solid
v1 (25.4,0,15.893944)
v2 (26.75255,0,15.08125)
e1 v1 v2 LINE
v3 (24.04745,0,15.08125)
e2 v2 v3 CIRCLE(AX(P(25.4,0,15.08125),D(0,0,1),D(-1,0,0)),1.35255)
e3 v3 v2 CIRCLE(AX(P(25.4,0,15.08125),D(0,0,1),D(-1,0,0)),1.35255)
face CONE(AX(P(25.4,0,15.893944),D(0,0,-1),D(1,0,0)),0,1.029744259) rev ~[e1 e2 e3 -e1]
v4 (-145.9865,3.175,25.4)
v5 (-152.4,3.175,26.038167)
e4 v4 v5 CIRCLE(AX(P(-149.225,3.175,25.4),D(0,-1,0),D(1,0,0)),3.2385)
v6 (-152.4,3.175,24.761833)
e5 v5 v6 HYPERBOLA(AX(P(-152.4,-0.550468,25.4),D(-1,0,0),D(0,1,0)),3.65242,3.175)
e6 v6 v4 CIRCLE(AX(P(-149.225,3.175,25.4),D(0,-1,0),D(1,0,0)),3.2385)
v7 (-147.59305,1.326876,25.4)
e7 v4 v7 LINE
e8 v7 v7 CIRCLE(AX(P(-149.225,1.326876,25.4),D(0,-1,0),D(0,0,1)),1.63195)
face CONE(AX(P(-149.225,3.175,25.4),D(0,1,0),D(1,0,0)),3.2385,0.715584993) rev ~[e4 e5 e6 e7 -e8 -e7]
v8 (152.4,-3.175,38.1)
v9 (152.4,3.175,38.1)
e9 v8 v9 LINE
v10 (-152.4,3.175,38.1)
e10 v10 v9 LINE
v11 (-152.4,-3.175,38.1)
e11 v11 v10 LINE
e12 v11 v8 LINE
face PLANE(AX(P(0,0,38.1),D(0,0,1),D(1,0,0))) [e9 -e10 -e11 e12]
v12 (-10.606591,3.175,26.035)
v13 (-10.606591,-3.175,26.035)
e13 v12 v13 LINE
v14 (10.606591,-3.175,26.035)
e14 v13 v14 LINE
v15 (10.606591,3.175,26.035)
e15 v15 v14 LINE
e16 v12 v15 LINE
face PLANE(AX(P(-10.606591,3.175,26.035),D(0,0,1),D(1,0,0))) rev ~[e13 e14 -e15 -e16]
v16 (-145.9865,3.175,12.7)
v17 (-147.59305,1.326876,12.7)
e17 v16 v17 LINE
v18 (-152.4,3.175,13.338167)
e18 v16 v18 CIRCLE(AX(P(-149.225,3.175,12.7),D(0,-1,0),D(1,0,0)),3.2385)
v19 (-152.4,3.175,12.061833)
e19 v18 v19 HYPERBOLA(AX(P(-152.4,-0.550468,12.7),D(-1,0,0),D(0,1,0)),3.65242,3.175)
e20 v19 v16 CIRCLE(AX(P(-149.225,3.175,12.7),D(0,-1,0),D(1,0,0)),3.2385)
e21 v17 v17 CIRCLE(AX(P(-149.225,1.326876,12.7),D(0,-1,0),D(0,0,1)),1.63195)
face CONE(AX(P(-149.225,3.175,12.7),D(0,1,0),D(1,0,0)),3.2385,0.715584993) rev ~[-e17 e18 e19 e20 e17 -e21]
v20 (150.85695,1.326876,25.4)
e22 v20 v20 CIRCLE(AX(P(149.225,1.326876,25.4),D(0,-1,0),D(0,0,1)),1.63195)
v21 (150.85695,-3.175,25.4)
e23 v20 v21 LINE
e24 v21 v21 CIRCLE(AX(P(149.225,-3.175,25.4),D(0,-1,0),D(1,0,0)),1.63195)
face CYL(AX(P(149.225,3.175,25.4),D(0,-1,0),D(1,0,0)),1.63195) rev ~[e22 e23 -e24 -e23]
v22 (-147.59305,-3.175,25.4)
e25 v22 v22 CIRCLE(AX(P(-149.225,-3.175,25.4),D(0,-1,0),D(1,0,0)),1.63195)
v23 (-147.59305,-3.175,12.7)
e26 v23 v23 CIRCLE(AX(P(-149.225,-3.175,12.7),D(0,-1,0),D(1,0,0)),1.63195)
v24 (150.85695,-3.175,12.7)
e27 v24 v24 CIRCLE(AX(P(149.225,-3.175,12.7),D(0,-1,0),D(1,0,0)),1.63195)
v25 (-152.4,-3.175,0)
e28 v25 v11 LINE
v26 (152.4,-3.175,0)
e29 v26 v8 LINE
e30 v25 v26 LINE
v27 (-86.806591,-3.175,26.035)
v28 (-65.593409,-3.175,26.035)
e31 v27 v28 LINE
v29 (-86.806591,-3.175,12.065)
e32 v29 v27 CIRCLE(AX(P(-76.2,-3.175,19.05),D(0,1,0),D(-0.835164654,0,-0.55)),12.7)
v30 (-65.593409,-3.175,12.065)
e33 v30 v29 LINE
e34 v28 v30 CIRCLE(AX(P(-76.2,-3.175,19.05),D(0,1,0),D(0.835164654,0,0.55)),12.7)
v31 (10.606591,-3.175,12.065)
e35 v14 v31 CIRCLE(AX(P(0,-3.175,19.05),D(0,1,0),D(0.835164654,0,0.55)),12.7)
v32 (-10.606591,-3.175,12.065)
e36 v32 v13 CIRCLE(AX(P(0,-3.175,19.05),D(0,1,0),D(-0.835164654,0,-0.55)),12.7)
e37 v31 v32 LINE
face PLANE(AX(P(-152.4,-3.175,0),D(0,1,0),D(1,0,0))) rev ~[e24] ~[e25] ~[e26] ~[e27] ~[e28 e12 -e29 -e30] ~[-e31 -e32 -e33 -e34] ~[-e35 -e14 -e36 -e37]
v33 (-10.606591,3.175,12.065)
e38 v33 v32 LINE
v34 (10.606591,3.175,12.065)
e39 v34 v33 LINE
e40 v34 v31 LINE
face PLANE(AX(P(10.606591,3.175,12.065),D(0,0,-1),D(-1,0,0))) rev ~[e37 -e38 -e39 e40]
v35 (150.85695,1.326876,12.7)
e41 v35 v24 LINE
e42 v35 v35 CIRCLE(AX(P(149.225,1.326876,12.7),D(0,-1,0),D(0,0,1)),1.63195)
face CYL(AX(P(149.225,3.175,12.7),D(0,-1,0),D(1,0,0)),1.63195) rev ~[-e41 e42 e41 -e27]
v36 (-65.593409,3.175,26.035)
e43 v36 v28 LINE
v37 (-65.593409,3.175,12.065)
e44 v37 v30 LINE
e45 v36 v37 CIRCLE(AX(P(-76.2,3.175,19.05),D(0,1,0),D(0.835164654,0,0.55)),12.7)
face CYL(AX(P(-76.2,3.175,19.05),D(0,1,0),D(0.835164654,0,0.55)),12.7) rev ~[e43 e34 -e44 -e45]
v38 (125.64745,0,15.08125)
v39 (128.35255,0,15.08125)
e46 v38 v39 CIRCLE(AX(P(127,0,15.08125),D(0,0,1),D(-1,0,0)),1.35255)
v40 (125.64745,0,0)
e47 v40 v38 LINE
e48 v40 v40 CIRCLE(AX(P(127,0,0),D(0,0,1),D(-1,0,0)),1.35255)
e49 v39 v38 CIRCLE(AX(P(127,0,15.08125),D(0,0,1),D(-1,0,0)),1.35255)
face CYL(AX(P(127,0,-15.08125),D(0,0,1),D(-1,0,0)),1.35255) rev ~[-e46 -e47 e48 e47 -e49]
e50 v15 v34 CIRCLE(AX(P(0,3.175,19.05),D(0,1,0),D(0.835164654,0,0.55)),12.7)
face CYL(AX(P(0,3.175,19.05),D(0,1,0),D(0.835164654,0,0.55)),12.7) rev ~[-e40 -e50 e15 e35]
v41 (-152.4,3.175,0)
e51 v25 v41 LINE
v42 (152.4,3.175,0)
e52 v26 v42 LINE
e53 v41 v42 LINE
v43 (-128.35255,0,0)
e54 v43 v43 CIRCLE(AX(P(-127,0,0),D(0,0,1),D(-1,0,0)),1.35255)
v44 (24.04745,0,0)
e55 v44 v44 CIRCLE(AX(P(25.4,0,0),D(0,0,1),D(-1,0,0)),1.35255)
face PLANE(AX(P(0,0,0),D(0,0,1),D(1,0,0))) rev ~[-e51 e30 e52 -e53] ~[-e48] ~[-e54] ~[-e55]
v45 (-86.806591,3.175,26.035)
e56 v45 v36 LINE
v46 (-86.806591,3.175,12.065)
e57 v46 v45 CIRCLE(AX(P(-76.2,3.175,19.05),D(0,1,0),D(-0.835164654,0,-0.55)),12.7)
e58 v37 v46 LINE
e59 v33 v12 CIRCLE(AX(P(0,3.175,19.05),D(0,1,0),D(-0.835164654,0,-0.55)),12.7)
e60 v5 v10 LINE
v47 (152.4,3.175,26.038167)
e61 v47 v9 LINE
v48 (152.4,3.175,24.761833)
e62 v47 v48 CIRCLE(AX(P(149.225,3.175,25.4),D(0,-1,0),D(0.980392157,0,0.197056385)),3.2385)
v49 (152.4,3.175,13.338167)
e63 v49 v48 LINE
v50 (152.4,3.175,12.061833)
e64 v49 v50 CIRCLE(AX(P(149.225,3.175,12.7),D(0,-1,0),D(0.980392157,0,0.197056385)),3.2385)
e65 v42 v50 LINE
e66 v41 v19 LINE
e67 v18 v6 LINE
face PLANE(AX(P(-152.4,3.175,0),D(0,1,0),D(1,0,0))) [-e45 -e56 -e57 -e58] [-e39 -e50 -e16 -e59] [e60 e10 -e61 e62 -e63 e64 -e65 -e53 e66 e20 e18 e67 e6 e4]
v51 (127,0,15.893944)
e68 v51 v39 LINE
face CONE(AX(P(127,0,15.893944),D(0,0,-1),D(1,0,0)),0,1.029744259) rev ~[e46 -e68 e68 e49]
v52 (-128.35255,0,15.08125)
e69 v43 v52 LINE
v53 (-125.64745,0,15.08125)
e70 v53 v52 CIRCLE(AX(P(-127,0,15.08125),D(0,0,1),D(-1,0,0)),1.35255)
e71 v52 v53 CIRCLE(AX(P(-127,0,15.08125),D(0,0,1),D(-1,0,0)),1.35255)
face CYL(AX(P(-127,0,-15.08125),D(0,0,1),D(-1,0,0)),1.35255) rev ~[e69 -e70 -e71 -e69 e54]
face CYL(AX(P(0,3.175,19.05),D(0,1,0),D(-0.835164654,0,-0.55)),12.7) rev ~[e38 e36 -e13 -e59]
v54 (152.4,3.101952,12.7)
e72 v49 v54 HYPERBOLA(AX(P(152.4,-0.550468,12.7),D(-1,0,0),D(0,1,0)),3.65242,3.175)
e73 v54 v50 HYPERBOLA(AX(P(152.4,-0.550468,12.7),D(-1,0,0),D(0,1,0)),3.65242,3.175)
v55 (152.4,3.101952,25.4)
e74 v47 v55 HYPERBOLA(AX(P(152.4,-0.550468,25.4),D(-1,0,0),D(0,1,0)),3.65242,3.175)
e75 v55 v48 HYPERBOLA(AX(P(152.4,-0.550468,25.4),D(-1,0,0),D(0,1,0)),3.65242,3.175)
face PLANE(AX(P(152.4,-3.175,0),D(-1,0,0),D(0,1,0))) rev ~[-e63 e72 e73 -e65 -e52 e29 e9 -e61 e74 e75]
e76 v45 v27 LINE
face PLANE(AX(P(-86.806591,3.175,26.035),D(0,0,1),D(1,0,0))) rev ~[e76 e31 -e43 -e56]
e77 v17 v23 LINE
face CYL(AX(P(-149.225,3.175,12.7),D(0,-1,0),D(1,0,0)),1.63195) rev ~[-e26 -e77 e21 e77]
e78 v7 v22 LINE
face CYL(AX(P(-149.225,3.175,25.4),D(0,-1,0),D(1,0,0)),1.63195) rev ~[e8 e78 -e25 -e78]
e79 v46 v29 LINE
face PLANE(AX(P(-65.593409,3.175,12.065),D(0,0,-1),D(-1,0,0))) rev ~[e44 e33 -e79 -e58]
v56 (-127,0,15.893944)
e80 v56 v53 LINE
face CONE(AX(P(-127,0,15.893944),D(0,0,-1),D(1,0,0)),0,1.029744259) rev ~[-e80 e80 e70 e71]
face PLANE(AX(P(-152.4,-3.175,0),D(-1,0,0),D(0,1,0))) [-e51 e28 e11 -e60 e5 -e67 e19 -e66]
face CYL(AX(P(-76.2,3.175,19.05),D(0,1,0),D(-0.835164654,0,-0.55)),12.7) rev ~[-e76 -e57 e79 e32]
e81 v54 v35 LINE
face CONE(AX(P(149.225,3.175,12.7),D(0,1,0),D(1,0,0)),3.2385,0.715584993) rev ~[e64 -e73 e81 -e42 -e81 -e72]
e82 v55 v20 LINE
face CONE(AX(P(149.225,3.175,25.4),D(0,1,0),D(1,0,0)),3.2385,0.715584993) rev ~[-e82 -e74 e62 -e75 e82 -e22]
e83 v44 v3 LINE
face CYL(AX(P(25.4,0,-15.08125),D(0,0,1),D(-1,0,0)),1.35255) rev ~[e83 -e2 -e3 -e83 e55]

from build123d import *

# Parameters (mm, degrees)
F0_W           = 304.8
F0_H           = 6.35
F1_DEPTH       = 38.1
F3_D           = 2.7051
F3_DEPTH       = 15.08125
F3_TIP         = 0.8126940303
F5_D           = 3.2639
F5_CSINK_D     = 6.477
F5_CSINK_ANGLE = 82
F7_DEPTH       = 25.4


with BuildPart() as f1:
    # F0 (on Top) → F1 (new body)
    with BuildSketch(Plane.XY):
        Rectangle(F0_W, F0_H)
    extrude(amount=F1_DEPTH)

    # F3
    with Locations(Plane(origin=(0, 0, 0), x_dir=(1, 0, 0), z_dir=(0, 0, -1))):
        with Locations((-127, 0), (127, 0), (25.4, 0)):
            Hole(F3_D / 2, depth=F3_DEPTH)
            with Locations((0, 0, -(F3_DEPTH + F3_TIP / 2))):  # 118° drill point
                Cone(0, F3_D / 2, F3_TIP, mode=Mode.SUBTRACT)

    # F5 (through all)
    with Locations(Plane(origin=(0, 3.175, 0), x_dir=(-1, 0, 0), z_dir=(0, 1, 0))):
        with Locations((-149.225, 25.4), (-149.225, 12.7), (149.225, 25.4), (149.225, 12.7)):
            CounterSinkHole(F5_D / 2, F5_CSINK_D / 2, counter_sink_angle=F5_CSINK_ANGLE)

    # F6 (on face) → F7 (cut)
    with BuildSketch(Plane(origin=(0, 3.175, 0), x_dir=(-1, 0, 0), z_dir=(0, 1, 0))):
        with BuildLine():
            Line((10.6065911112, 26.035), (-10.6065911112, 26.035))
            ThreePointArc((-10.6065911112, 26.035), (-12.7, 19.05), (-10.6065911112, 12.065))
            Line((-10.6065911112, 12.065), (10.6065911112, 12.065))
            ThreePointArc((10.6065911112, 12.065), (12.7, 19.05), (10.6065911112, 26.035))
        make_face()
        with BuildLine():
            Line((65.5934088888, 12.065), (86.8065911112, 12.065))
            ThreePointArc((86.8065911112, 12.065), (88.9, 19.05), (86.8065911112, 26.035))
            Line((86.8065911112, 26.035), (65.5934088888, 26.035))
            ThreePointArc((65.5934088888, 26.035), (63.5, 19.05), (65.5934088888, 12.065))
        make_face()
    extrude(amount=-F7_DEPTH, mode=Mode.SUBTRACT)


solid = f1.part
